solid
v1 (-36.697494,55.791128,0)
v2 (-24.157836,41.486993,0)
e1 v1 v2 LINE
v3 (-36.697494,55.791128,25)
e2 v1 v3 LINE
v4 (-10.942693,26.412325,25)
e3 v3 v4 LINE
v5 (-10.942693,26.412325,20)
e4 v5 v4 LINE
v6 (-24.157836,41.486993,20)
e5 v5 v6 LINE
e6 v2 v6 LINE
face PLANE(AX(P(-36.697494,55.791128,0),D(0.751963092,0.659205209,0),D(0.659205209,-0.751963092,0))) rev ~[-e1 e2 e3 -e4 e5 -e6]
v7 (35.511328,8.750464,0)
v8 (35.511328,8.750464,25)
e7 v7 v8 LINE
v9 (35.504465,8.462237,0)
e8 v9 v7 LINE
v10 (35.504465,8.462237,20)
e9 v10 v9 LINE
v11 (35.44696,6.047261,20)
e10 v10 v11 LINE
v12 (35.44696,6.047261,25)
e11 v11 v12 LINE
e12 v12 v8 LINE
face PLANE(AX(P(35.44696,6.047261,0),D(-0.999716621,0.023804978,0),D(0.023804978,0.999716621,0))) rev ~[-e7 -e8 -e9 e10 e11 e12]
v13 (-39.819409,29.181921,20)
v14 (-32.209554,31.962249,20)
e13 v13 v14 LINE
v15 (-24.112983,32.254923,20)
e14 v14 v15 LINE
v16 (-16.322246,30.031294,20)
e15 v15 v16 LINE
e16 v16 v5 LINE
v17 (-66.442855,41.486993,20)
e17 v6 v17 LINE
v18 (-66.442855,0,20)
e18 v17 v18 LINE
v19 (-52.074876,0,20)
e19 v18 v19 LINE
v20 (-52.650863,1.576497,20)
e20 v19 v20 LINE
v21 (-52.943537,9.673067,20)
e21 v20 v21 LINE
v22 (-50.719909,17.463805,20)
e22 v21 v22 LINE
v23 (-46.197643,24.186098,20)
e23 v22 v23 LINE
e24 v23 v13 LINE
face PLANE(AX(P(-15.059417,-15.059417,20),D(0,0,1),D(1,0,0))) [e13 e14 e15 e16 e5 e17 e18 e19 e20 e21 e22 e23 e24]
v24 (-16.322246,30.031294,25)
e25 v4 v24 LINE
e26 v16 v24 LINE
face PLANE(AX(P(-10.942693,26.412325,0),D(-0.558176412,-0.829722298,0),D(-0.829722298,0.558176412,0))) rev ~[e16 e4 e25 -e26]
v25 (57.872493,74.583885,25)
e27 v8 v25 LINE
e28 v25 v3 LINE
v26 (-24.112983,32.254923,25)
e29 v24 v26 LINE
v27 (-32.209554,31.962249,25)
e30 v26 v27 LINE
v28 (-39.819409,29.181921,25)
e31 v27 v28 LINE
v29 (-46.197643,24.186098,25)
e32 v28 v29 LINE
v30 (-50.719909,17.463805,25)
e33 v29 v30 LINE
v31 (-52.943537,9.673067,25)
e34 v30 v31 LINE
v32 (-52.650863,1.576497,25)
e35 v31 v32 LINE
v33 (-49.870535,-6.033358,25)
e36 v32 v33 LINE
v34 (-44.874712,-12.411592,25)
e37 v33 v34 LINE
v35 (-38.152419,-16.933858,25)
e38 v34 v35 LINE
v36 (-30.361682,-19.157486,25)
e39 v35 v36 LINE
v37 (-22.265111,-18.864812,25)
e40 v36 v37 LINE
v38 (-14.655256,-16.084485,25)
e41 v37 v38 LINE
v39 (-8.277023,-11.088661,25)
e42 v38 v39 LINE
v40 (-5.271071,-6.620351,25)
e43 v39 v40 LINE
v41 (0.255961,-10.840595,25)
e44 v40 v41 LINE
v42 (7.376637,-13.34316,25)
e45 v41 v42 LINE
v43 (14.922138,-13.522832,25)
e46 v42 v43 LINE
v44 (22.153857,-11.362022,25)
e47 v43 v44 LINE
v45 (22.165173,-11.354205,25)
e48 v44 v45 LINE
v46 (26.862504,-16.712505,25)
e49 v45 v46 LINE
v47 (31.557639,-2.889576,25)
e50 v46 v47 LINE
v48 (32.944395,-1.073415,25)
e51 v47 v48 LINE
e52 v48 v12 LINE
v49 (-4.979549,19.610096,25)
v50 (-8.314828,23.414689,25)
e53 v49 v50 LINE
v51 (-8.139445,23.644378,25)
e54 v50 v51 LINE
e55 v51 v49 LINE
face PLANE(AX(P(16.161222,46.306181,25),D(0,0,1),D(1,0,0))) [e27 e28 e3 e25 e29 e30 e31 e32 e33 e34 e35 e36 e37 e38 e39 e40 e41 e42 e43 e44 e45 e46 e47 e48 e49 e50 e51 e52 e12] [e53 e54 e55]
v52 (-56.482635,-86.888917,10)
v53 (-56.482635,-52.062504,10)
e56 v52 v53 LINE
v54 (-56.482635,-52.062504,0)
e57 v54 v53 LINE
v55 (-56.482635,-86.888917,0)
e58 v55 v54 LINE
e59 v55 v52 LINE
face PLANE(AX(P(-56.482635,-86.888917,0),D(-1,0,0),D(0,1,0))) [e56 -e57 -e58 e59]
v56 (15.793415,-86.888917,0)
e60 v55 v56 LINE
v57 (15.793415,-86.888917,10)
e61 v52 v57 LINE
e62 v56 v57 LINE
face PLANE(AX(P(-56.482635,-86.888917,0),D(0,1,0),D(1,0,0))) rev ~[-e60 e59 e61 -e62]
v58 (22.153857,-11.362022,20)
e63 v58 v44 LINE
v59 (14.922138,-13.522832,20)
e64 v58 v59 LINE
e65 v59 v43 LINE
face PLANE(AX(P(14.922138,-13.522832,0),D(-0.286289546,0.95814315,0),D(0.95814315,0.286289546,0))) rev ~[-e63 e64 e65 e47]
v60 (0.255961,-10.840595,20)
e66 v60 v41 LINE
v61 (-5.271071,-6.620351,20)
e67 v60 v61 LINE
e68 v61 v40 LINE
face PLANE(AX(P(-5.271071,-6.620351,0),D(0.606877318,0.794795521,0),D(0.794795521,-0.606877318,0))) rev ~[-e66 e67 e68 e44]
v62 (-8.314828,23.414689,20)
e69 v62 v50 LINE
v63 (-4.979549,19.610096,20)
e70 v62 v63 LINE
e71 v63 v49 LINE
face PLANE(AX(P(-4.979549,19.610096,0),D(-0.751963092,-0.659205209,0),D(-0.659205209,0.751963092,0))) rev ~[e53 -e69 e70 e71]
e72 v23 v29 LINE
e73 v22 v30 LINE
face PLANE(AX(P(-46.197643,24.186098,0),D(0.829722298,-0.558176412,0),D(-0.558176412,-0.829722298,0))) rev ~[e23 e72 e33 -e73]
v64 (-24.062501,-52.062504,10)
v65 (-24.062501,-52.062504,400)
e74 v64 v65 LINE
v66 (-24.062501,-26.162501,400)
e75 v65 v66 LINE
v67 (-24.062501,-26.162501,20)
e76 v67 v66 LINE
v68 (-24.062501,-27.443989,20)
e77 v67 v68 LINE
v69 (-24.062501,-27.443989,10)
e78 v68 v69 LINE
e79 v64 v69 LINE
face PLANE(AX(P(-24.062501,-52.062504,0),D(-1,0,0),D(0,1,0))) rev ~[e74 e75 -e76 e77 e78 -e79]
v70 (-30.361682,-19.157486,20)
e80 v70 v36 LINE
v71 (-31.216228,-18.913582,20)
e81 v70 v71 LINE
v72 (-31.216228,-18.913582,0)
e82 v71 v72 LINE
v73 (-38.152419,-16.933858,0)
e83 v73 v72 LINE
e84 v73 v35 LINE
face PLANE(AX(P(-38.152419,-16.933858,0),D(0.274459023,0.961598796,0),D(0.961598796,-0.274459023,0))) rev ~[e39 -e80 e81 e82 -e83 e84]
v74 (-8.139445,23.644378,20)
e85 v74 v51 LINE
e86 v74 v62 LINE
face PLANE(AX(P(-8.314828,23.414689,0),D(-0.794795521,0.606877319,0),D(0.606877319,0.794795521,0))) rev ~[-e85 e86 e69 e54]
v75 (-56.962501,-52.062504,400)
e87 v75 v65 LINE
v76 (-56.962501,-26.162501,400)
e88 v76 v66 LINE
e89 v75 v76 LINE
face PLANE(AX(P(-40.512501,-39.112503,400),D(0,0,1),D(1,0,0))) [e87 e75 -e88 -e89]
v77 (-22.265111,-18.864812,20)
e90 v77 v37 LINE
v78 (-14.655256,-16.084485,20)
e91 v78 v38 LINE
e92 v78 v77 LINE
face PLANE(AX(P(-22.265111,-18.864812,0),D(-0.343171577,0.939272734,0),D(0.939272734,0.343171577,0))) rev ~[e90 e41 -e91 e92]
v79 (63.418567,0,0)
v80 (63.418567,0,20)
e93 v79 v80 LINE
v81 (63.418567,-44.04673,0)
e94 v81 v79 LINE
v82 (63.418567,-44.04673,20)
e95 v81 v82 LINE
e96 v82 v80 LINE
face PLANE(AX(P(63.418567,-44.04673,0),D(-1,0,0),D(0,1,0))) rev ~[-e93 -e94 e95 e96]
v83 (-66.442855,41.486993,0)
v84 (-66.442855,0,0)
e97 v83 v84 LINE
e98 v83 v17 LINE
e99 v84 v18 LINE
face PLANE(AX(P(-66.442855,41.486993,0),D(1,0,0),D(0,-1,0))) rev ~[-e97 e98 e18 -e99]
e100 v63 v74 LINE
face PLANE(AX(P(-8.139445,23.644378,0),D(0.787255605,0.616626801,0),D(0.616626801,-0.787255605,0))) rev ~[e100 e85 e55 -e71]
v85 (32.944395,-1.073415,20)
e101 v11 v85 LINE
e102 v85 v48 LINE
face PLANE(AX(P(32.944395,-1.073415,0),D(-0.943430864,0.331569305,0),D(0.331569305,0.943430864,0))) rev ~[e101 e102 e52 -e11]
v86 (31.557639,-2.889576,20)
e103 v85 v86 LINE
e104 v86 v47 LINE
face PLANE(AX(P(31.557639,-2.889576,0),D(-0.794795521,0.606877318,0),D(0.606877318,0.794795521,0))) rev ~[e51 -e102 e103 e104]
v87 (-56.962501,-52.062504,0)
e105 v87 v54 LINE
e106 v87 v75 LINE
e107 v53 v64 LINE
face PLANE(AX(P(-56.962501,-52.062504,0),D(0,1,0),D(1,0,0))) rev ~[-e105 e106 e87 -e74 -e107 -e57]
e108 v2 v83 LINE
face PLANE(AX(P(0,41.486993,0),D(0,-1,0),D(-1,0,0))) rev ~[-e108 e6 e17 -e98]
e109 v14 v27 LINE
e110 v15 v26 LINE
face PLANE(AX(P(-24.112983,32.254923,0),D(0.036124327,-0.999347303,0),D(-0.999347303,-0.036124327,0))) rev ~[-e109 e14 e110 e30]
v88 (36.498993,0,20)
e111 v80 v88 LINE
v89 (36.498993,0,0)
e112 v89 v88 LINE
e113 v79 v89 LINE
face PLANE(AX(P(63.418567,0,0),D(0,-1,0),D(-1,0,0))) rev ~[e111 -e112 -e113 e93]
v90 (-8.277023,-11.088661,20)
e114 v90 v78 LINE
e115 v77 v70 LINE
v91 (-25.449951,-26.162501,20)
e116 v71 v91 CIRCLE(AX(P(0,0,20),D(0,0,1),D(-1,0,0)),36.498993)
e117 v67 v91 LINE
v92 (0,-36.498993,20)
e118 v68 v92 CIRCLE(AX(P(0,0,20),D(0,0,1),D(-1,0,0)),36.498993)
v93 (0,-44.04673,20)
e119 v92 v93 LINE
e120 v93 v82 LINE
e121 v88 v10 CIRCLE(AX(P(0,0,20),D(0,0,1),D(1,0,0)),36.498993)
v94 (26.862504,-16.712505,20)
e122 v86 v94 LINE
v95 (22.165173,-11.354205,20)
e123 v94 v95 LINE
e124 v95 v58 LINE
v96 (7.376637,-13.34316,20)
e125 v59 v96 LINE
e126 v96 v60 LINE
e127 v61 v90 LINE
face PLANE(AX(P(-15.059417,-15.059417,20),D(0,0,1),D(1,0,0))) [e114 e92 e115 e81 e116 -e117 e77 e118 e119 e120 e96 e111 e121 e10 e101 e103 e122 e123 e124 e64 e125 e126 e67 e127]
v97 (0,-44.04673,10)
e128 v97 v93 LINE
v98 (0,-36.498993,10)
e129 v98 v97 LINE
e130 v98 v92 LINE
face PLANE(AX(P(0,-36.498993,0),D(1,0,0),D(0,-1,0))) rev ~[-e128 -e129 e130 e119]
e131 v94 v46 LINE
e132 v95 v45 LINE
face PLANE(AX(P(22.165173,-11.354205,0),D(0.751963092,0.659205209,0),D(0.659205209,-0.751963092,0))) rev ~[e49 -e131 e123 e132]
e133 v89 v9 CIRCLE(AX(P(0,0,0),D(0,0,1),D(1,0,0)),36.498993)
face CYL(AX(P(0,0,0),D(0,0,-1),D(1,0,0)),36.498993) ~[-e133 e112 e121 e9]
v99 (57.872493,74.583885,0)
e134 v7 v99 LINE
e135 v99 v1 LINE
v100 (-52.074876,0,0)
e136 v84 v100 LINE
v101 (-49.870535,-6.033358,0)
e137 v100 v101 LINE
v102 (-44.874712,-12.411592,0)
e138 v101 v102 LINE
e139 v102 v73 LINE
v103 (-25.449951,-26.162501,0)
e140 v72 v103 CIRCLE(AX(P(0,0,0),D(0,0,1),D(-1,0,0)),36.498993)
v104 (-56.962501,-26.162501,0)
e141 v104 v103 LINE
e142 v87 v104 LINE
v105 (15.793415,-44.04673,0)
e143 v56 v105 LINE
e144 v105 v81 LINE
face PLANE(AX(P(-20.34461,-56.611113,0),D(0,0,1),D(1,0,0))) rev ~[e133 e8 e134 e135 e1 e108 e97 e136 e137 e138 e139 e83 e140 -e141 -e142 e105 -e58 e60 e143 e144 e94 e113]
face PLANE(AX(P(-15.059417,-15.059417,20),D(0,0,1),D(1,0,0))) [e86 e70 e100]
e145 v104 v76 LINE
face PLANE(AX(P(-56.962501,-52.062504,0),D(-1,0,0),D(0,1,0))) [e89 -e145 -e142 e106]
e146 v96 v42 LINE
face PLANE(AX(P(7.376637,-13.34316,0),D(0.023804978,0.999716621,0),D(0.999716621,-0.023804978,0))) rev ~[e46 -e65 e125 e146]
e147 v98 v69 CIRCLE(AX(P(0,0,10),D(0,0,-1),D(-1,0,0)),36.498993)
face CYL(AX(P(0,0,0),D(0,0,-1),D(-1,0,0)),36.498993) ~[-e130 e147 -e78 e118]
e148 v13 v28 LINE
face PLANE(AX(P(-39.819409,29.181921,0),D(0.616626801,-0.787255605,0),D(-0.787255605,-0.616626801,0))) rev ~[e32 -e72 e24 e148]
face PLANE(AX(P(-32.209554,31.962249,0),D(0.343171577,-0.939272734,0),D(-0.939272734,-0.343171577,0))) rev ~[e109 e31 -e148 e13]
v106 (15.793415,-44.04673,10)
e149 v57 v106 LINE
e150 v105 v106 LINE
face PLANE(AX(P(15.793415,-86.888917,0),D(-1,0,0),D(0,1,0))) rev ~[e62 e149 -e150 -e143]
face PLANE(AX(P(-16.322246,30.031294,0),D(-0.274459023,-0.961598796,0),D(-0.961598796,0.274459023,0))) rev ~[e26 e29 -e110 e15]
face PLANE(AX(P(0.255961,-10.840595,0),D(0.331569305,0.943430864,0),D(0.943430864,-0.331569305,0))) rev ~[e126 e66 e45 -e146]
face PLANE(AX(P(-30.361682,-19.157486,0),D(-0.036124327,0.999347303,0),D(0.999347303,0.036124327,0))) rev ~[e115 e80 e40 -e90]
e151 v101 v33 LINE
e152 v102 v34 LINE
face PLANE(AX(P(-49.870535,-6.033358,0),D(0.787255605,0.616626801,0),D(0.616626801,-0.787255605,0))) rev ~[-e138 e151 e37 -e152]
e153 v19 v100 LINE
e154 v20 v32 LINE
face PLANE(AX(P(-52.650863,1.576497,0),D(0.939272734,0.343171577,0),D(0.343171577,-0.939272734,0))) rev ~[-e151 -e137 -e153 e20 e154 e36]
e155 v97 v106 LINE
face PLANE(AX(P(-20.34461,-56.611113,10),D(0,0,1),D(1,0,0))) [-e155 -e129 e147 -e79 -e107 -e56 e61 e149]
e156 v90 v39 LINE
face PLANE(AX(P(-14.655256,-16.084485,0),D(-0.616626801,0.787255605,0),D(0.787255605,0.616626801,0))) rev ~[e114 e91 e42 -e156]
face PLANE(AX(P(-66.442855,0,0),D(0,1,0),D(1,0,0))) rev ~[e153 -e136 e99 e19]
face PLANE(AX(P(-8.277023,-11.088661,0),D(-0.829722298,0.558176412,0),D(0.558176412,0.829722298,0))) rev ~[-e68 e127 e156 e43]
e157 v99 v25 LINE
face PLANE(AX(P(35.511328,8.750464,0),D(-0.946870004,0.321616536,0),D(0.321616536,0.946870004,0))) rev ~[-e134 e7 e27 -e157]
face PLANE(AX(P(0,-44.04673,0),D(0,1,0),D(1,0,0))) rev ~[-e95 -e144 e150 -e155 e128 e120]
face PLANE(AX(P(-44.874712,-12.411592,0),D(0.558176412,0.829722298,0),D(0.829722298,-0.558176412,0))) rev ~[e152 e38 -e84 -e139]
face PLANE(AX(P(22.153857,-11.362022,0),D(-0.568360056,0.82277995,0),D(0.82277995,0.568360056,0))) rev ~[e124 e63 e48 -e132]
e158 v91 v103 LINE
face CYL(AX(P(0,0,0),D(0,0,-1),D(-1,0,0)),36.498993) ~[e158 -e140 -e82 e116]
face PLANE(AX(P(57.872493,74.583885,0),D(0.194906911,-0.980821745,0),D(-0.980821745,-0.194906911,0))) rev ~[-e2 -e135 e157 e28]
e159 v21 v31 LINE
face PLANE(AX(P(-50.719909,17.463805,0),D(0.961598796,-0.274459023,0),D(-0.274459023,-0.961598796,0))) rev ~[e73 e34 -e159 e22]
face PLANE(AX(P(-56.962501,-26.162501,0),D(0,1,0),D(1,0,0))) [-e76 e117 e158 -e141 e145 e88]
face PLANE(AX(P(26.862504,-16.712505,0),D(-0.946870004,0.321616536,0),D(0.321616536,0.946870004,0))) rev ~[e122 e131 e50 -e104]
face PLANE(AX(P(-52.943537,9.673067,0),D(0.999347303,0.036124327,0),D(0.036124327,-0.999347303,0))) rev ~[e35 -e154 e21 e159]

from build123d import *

# Parameters (mm, degrees)
F1_DEPTH = 20
F3_DEPTH = 25
F4_W     = 32.8999999911
F4_H     = 25.900002569
F5_DEPTH = 400
F6_W     = 72.2760502249
F6_H     = 60.5556070805
F7_DEPTH = 10


with BuildPart() as f1:
    # F0 (on Top) → F1 (new body)
    with BuildSketch(Plane.XY):
        with BuildLine():
            Line((0, -36.4989928704), (0, 0))
            Line((0, 0), (-36.4989928704, 0))
            ThreePointArc((-36.4989928704, 0), (-25.8086853652, -25.8086853652), (0, -36.4989928704))
        make_face()
        with BuildLine():
            Line((-36.4989928704, 0), (0, 0))
            Line((0, 0), (0, 36.4989928704))
            ThreePointArc((0, 36.4989928704), (-25.8086853652, 25.8086853652), (-36.4989928704, 0))
        make_face()
        with BuildLine():
            Line((0, 36.4989928704), (0, 0))
            Line((0, 0), (36.4989928704, 0))
            ThreePointArc((36.4989928704, 0), (25.8086853652, 25.8086853652), (0, 36.4989928704))
        make_face()
        with BuildLine():
            Line((36.4989928704, 0), (0, 0))
            Line((0, 0), (0, -36.4989928704))
            ThreePointArc((0, -36.4989928704), (25.8086853652, -25.8086853652), (36.4989928704, 0))
        make_face()
        with BuildLine():
            Line((-66.4428547025, 0), (-36.4989928704, 0))
            ThreePointArc((-36.4989928704, 0), (-25.8086853652, 25.8086853652), (0, 36.4989928704))
            Line((0, 36.4989928704), (0, 41.486993432))
            Line((0, 41.486993432), (-66.4428547025, 41.486993432))
            Line((-66.4428547025, 41.486993432), (-66.4428547025, 0))
        make_face()
        with BuildLine():
            Line((63.4185671806, 0), (36.4989928704, 0))
            ThreePointArc((36.4989928704, 0), (25.8086853652, -25.8086853652), (0, -36.4989928704))
            Line((0, -36.4989928704), (0, -44.0467298031))
            Line((0, -44.0467298031), (63.4185671806, -44.0467298031))
            Line((63.4185671806, -44.0467298031), (63.4185671806, 0))
        make_face()
    extrude(amount=F1_DEPTH)

    # F2 (on Top) → F3 (join)
    with BuildSketch(Plane.XY):
        Polygon((57.8724933064, 74.5838845975), (-36.6974943524, 55.7911281579), (-10.9426933471, 26.4123254008), (-9.5999531063, 25.5090280786), (-8.1394452782, 23.6443783888), (-4.9307275448, 27.8466683828), (1.2793188629, 32.1364451441), (8.5110378867, 34.2972554104), (16.0565384823, 34.1175840178), (23.1772144787, 31.615018454), (29.1760444968, 27.0345272727), (33.465821258, 20.824480865), (35.6266315244, 13.5927618412), (35.511328062, 8.7504642912), align=None)
        Polygon((-9.5999531063, 25.5090280786), (-10.9426933471, 26.4123254008), (-8.3148280565, 23.414688726), (-8.1394452782, 23.6443783888), align=None)
        Polygon((-8.3148280565, 23.414688726), (-10.9426933471, 26.4123254008), (-16.3222458945, 30.0312944786), (-24.1129834259, 32.2549226939), (-32.2095540295, 31.962248502), (-39.8194089626, 29.181920892), (-46.1976426034, 24.186097702), (-50.7199090034, 17.4638049138), (-52.9435372187, 9.6730673824), (-52.6508630268, 1.5764967788), (-49.8705354168, -6.0333581543), (-44.8747122268, -12.4115917951), (-38.1524194386, -16.933858195), (-30.3616819072, -19.1574864104), (-22.2651113036, -18.8648122185), (-14.6552563705, -16.0844846085), (-8.2770227297, -11.0886614185), (-5.2710709409, -6.6203514508), (-5.7428686549, -6.2601036588), (-10.0326454161, -0.0500572511), (-12.1934556825, 7.1816617728), (-12.0137842899, 14.7271623684), (-9.5112187261, 21.8478383648), align=None)
        Polygon((35.4469601318, 6.0472612456), (35.511328062, 8.7504642912), (31.5576392107, -2.889575799), (32.944394568, -1.0734147508), align=None)
        Polygon((31.5576392107, -2.889575799), (35.511328062, 8.7504642912), (35.6266315244, 13.5927618412), (33.465821258, 20.824480865), (29.1760444968, 27.0345272727), (23.1772144787, 31.615018454), (16.0565384823, 34.1175840178), (8.5110378867, 34.2972554104), (1.2793188629, 32.1364451441), (-4.9307275448, 27.8466683828), (-8.1394452782, 23.6443783888), (-4.9795485535, 19.6100963847), (22.1651728078, -11.3542047802), (28.3639033867, -7.0722447689), align=None)
        Polygon((-4.9795485535, 19.6100963847), (-8.3148280565, 23.414688726), (-9.5112187261, 21.8478383648), (-12.0137842899, 14.7271623684), (-12.1934556825, 7.1816617728), (-10.0326454161, -0.0500572511), (-5.7428686549, -6.2601036588), (-5.2710709409, -6.6203514508), (-3.7547563298, -4.3663686303), (-1.5311281144, 3.4243689011), (-1.8238023063, 11.5209395047), (-4.6041299163, 19.1307944379), align=None)
        Polygon((26.8625039607, -16.7125053704), (31.5576392107, -2.889575799), (28.3639033867, -7.0722447689), (22.1651728078, -11.3542047802), align=None)
        Polygon((22.1651728078, -11.3542047802), (-4.9795485535, 19.6100963847), (-4.6041299163, 19.1307944379), (-1.8238023063, 11.5209395047), (-1.5311281144, 3.4243689011), (-3.7547563298, -4.3663686303), (-5.2710709409, -6.6203514508), (0.2559613631, -10.84059484), (7.3766373596, -13.3431604039), (14.9221379551, -13.5228317965), (22.153856979, -11.3620215301), align=None)
    extrude(amount=F3_DEPTH)

    # F4 (on Top) → F5 (join)
    with BuildSketch(Plane.XY):
        with Locations((-40.5125012621, -39.112502709)):
            Rectangle(F4_W, F4_H)
    extrude(amount=F5_DEPTH)

    # F6 (on Top) → F7 (join)
    with BuildSketch(Plane.XY):
        with Locations((-20.344610326, -56.6111132503)):
            Rectangle(F6_W, F6_H)
    extrude(amount=F7_DEPTH)


solid = f1.part
